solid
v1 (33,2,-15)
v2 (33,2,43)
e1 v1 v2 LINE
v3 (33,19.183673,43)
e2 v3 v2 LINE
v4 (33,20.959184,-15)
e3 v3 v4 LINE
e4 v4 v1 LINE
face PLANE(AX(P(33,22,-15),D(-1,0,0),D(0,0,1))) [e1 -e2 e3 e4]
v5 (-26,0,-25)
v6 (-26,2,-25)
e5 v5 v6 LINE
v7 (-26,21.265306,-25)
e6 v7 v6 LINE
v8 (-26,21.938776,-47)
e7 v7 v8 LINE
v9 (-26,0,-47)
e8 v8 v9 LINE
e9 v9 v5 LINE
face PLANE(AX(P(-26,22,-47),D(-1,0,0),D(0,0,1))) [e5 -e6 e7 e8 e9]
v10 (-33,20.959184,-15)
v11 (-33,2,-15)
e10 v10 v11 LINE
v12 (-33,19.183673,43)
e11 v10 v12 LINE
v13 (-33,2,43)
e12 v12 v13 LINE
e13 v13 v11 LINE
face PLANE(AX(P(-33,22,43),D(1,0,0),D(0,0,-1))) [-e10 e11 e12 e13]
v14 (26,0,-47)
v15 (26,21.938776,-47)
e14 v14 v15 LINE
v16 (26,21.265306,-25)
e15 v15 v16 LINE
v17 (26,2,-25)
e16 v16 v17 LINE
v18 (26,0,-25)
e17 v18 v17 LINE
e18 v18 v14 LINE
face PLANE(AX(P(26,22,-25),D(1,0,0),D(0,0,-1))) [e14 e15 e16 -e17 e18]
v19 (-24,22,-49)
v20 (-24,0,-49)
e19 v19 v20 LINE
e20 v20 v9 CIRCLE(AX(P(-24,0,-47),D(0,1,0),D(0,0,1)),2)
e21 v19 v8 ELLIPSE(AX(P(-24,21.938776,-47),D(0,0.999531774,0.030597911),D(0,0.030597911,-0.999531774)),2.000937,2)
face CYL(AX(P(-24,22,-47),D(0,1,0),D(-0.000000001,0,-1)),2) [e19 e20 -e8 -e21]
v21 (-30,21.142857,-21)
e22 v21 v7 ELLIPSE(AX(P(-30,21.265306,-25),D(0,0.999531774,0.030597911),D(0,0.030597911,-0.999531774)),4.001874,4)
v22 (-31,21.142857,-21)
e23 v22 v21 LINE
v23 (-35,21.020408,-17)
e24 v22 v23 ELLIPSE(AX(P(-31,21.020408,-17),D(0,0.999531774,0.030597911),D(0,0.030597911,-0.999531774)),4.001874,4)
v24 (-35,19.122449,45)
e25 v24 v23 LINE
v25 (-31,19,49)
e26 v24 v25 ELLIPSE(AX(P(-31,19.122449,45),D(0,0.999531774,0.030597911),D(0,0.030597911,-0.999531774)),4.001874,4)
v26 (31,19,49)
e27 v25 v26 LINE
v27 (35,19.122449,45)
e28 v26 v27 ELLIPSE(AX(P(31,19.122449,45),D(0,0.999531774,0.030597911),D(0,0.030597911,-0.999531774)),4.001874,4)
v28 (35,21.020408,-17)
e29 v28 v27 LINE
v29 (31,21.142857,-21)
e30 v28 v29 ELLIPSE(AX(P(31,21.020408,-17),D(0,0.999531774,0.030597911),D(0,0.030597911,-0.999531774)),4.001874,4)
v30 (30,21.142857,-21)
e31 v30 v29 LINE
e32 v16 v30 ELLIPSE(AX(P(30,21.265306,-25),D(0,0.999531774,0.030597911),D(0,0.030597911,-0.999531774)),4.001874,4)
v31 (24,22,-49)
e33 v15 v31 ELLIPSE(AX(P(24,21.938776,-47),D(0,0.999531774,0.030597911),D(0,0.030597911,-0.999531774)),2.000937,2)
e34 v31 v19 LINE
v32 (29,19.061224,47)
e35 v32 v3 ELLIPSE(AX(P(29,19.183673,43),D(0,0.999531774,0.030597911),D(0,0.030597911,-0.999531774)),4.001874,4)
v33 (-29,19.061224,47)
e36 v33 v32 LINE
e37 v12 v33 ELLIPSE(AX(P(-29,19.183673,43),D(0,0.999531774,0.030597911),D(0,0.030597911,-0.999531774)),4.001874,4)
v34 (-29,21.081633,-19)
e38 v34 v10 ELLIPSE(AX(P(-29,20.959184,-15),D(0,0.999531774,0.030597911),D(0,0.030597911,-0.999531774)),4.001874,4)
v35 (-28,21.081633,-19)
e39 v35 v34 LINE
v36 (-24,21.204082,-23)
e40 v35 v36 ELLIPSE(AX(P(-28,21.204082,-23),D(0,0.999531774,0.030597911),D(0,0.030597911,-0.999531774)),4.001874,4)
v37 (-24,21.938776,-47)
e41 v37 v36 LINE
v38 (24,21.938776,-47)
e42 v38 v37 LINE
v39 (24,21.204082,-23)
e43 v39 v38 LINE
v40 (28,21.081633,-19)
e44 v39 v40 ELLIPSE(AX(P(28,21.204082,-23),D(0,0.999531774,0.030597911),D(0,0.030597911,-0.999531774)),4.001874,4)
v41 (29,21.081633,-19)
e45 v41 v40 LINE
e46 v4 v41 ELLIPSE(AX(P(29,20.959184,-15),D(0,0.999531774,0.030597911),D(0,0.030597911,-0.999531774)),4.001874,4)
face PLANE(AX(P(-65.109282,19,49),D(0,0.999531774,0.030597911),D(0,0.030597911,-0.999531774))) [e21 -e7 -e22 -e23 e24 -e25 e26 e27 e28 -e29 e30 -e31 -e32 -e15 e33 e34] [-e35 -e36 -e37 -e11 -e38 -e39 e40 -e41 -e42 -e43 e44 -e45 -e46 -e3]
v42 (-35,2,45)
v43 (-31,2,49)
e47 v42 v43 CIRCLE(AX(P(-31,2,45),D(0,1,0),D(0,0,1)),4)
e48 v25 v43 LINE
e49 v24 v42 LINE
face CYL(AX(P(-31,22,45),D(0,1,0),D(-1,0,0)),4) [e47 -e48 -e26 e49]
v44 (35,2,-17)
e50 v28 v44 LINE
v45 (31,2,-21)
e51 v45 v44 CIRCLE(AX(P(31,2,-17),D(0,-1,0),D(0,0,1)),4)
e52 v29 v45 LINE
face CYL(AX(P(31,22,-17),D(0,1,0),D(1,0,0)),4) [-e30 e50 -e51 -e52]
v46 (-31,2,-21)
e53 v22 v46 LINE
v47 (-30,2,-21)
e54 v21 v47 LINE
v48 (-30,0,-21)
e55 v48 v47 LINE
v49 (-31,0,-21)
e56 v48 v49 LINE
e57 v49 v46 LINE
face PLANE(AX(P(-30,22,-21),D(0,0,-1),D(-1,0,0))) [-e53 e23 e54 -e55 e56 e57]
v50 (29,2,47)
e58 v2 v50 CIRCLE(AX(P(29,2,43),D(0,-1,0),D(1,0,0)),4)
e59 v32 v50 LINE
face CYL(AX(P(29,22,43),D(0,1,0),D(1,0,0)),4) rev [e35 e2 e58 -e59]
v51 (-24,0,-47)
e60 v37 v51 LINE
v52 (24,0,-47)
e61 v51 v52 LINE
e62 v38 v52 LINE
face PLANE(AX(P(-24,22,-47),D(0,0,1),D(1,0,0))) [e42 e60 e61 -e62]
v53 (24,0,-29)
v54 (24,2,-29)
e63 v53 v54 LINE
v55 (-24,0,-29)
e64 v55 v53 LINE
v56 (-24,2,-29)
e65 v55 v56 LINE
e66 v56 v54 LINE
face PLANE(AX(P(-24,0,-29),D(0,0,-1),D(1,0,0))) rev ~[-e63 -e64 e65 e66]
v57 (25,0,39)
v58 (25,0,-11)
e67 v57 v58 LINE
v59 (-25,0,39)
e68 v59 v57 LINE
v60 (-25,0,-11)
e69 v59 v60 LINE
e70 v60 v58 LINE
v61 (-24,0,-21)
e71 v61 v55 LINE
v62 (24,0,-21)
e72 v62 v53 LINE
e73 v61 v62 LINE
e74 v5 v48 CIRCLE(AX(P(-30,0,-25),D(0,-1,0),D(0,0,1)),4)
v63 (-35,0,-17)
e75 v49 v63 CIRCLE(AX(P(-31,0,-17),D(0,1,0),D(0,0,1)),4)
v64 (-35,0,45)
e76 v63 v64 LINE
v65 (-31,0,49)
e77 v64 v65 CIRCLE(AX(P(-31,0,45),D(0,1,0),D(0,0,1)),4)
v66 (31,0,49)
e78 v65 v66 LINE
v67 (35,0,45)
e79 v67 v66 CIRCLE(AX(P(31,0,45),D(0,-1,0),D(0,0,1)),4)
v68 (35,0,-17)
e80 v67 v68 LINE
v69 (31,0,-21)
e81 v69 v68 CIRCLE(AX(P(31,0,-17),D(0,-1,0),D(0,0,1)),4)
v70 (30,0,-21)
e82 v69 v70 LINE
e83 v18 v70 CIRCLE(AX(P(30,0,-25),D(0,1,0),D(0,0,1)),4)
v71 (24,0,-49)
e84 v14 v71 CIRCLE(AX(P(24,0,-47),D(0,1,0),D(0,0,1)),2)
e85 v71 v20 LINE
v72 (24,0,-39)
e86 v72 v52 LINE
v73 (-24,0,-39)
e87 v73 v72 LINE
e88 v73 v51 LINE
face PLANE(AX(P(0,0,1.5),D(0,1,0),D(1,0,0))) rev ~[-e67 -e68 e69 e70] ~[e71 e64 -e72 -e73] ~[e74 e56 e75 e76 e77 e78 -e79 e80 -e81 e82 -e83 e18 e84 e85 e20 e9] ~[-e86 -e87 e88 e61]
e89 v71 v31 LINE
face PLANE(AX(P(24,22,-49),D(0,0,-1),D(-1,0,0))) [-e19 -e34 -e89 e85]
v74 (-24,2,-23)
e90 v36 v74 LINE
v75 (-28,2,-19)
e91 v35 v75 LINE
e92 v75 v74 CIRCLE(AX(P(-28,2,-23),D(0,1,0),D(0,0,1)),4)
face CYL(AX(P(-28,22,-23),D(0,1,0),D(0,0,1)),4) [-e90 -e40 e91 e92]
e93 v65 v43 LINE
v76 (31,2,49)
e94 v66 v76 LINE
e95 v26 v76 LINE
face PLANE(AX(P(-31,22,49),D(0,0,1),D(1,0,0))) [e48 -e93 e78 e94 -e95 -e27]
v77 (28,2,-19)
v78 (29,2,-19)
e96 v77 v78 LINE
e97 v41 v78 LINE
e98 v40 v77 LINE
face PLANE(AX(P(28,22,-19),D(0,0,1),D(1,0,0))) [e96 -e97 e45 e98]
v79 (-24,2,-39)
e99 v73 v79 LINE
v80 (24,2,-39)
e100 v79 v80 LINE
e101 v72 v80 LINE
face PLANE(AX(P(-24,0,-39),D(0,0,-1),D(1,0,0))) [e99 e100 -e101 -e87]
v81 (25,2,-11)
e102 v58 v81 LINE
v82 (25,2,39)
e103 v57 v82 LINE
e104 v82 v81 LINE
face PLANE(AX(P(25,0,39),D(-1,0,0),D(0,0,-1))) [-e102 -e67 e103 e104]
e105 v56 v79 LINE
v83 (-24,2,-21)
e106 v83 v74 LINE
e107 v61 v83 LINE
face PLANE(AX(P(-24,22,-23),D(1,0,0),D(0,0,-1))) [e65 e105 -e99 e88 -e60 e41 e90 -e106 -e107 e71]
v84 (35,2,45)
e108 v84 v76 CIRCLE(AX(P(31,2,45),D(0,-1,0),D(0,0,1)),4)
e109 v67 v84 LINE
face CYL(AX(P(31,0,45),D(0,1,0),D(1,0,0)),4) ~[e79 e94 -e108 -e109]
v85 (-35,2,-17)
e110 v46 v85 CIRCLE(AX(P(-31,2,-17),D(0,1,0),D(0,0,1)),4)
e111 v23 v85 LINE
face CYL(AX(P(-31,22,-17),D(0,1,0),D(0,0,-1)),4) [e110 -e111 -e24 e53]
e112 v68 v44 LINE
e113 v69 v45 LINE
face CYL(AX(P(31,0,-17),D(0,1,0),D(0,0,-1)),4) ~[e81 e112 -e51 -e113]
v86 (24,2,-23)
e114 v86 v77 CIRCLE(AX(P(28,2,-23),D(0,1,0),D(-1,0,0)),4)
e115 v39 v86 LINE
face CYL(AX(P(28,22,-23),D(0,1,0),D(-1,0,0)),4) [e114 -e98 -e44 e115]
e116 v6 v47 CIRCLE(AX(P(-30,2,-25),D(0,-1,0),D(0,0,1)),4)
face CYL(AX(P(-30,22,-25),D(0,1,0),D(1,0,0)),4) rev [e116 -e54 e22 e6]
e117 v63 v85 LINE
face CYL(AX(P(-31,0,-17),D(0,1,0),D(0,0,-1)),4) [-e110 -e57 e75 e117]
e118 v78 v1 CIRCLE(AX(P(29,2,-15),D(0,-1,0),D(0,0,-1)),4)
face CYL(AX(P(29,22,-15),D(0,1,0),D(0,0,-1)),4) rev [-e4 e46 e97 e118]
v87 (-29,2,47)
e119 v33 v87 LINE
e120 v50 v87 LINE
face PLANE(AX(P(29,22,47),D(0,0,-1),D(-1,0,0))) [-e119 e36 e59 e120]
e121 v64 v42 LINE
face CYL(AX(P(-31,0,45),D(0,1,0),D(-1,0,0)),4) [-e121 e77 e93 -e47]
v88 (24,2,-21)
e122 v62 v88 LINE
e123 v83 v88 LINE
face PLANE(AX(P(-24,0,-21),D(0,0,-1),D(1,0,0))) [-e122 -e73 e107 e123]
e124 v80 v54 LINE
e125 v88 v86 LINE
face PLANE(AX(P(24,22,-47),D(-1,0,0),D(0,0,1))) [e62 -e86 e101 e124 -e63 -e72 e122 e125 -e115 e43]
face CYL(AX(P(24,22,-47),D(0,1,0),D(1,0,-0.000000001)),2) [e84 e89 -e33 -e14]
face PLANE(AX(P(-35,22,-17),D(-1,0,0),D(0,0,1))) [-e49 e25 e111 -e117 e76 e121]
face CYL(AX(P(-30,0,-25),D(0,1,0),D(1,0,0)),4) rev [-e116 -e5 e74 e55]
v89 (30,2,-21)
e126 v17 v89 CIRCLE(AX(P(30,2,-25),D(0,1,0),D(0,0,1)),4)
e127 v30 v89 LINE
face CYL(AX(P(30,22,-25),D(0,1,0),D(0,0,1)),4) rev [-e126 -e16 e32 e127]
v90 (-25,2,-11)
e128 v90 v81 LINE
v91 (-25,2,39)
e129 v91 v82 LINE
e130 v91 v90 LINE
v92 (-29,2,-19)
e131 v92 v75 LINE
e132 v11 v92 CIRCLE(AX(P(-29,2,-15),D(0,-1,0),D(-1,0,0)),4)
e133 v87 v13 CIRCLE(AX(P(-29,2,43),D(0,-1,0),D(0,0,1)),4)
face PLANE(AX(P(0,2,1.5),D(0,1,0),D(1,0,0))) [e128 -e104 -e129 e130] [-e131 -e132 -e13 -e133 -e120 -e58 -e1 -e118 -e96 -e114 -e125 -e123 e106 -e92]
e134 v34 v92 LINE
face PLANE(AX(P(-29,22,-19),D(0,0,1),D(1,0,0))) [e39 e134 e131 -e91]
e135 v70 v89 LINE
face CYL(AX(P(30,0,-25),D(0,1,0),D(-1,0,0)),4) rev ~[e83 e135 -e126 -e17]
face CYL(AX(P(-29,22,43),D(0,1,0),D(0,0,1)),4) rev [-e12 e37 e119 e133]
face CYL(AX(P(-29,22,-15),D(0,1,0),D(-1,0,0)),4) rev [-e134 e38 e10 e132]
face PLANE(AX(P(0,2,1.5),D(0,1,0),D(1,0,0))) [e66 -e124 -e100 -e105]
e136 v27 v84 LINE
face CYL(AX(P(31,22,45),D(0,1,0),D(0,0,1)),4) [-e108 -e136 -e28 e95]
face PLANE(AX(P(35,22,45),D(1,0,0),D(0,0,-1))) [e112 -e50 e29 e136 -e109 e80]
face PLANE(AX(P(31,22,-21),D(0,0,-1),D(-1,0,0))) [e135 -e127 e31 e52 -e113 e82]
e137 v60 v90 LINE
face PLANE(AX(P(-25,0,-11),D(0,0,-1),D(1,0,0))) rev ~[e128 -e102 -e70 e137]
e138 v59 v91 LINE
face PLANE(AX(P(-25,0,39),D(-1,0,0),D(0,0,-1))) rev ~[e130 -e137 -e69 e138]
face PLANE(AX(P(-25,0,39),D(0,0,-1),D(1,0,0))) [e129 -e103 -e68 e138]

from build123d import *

# Parameters (mm, degrees)
SKETCH1_W               = 50
SKETCH1_H               = 50
SKETCH1_W_2             = 48
SKETCH1_H_2             = 8
BOSS_EXTRUDE1_DEPTH     = 2
FILLET1_R               = 4
FILLET2_R               = 2
BOSS_EXTRUDE2_START     = 20
BOSS_EXTRUDE2_DEPTH     = 20
CUT_EXTRUDE1_DEPTH      = 65.109281699
CUT_EXTRUDE1_DEPTH_BACK = 65.109281699


with BuildPart() as part:
    # Sketch1 → Boss-Extrude1 (new body)
    with BuildSketch(Plane(origin=(0, 0, 0), x_dir=(1, 0, 0), z_dir=(0, 1, 0))):
        Polygon((26, 49), (-26, 49), (-26, 21), (-35, 21), (-35, -49), (35, -49), (35, 21), (26, 21), align=None)
        with Locations((0, -14)):
            Rectangle(SKETCH1_W, SKETCH1_H, mode=Mode.SUBTRACT)
        with Locations((0, 25)):
            Rectangle(SKETCH1_W_2, SKETCH1_H_2, mode=Mode.SUBTRACT)
        with Locations((0, 43)):
            Rectangle(SKETCH1_W_2, SKETCH1_H_2, mode=Mode.SUBTRACT)
    extrude(amount=BOSS_EXTRUDE1_DEPTH)

    # Fillet1
    fillet1_edges = [part.edges().sort_by_distance(p)[0] for p in [
        (35, 1, -21),
        (35, 1, 49),
        (-35, 1, 49),
        (-35, 1, -21),
        (-26, 1, -21),
        (26, 1, -21),
    ]]
    fillet(fillet1_edges, radius=FILLET1_R)

    # Fillet2
    fillet2_edges = [part.edges().sort_by_distance(p)[0] for p in [
        (-26, 1, -49),
        (26, 1, -49),
    ]]
    fillet(fillet2_edges, radius=FILLET2_R)

    # Sketch4 → Boss-Extrude2 (add)
    with BuildSketch(Plane(origin=(0, 2, 0), x_dir=(1, 0, 0), z_dir=(0, 1, 0)).offset(BOSS_EXTRUDE2_START)):
        with BuildLine():
            Line((-31, -49), (31, -49))
            ThreePointArc((31, -49), (33.828427125, -47.828427125), (35, -45))
            Line((35, -45), (35, 17))
            ThreePointArc((35, 17), (33.828427125, 19.828427125), (31, 21))
            Line((31, 21), (30, 21))
            ThreePointArc((30, 21), (27.171572875, 22.171572875), (26, 25))
            Line((26, 25), (26, 47))
            ThreePointArc((26, 47), (25.414213562, 48.414213562), (24, 49))
            Line((24, 49), (-24, 49))
            ThreePointArc((-24, 49), (-25.414213562, 48.414213562), (-26, 47))
            Line((-26, 47), (-26, 25))
            ThreePointArc((-26, 25), (-27.171572875, 22.171572875), (-30, 21))
            Line((-30, 21), (-31, 21))
            ThreePointArc((-31, 21), (-33.828427125, 19.828427125), (-35, 17))
            Line((-35, 17), (-35, -45))
            ThreePointArc((-35, -45), (-33.828427125, -47.828427125), (-31, -49))
        make_face()
        with BuildLine():
            Line((-29, 19), (-28, 19))
            ThreePointArc((-28, 19), (-25.171572875, 20.171572875), (-24, 23))
            Line((-24, 23), (-24, 47))
            Line((-24, 47), (24, 47))
            Line((24, 47), (24, 23))
            ThreePointArc((24, 23), (25.171572875, 20.171572875), (28, 19))
            Line((28, 19), (29, 19))
            ThreePointArc((29, 19), (31.828427125, 17.828427125), (33, 15))
            Line((33, 15), (33, -43))
            ThreePointArc((33, -43), (31.828427125, -45.828427125), (29, -47))
            Line((29, -47), (-29, -47))
            ThreePointArc((-29, -47), (-31.828427125, -45.828427125), (-33, -43))
            Line((-33, -43), (-33, 15))
            ThreePointArc((-33, 15), (-31.828427125, 17.828427125), (-29, 19))
        make_face(mode=Mode.SUBTRACT)
    extrude(amount=-BOSS_EXTRUDE2_DEPTH)

    # Sketch6 → Cut-Extrude1 (cut, two sides: drawn at the far end of the back side and taken through both)
    with BuildSketch(Plane(origin=(0, 0, 0), x_dir=(0, 0, -1), z_dir=(1, 0, 0)).offset(-CUT_EXTRUDE1_DEPTH_BACK)):
        Polygon((-49, 22), (-49, 19), (49, 22), align=None)
    extrude(amount=CUT_EXTRUDE1_DEPTH + CUT_EXTRUDE1_DEPTH_BACK, mode=Mode.SUBTRACT)


solid = part.part
